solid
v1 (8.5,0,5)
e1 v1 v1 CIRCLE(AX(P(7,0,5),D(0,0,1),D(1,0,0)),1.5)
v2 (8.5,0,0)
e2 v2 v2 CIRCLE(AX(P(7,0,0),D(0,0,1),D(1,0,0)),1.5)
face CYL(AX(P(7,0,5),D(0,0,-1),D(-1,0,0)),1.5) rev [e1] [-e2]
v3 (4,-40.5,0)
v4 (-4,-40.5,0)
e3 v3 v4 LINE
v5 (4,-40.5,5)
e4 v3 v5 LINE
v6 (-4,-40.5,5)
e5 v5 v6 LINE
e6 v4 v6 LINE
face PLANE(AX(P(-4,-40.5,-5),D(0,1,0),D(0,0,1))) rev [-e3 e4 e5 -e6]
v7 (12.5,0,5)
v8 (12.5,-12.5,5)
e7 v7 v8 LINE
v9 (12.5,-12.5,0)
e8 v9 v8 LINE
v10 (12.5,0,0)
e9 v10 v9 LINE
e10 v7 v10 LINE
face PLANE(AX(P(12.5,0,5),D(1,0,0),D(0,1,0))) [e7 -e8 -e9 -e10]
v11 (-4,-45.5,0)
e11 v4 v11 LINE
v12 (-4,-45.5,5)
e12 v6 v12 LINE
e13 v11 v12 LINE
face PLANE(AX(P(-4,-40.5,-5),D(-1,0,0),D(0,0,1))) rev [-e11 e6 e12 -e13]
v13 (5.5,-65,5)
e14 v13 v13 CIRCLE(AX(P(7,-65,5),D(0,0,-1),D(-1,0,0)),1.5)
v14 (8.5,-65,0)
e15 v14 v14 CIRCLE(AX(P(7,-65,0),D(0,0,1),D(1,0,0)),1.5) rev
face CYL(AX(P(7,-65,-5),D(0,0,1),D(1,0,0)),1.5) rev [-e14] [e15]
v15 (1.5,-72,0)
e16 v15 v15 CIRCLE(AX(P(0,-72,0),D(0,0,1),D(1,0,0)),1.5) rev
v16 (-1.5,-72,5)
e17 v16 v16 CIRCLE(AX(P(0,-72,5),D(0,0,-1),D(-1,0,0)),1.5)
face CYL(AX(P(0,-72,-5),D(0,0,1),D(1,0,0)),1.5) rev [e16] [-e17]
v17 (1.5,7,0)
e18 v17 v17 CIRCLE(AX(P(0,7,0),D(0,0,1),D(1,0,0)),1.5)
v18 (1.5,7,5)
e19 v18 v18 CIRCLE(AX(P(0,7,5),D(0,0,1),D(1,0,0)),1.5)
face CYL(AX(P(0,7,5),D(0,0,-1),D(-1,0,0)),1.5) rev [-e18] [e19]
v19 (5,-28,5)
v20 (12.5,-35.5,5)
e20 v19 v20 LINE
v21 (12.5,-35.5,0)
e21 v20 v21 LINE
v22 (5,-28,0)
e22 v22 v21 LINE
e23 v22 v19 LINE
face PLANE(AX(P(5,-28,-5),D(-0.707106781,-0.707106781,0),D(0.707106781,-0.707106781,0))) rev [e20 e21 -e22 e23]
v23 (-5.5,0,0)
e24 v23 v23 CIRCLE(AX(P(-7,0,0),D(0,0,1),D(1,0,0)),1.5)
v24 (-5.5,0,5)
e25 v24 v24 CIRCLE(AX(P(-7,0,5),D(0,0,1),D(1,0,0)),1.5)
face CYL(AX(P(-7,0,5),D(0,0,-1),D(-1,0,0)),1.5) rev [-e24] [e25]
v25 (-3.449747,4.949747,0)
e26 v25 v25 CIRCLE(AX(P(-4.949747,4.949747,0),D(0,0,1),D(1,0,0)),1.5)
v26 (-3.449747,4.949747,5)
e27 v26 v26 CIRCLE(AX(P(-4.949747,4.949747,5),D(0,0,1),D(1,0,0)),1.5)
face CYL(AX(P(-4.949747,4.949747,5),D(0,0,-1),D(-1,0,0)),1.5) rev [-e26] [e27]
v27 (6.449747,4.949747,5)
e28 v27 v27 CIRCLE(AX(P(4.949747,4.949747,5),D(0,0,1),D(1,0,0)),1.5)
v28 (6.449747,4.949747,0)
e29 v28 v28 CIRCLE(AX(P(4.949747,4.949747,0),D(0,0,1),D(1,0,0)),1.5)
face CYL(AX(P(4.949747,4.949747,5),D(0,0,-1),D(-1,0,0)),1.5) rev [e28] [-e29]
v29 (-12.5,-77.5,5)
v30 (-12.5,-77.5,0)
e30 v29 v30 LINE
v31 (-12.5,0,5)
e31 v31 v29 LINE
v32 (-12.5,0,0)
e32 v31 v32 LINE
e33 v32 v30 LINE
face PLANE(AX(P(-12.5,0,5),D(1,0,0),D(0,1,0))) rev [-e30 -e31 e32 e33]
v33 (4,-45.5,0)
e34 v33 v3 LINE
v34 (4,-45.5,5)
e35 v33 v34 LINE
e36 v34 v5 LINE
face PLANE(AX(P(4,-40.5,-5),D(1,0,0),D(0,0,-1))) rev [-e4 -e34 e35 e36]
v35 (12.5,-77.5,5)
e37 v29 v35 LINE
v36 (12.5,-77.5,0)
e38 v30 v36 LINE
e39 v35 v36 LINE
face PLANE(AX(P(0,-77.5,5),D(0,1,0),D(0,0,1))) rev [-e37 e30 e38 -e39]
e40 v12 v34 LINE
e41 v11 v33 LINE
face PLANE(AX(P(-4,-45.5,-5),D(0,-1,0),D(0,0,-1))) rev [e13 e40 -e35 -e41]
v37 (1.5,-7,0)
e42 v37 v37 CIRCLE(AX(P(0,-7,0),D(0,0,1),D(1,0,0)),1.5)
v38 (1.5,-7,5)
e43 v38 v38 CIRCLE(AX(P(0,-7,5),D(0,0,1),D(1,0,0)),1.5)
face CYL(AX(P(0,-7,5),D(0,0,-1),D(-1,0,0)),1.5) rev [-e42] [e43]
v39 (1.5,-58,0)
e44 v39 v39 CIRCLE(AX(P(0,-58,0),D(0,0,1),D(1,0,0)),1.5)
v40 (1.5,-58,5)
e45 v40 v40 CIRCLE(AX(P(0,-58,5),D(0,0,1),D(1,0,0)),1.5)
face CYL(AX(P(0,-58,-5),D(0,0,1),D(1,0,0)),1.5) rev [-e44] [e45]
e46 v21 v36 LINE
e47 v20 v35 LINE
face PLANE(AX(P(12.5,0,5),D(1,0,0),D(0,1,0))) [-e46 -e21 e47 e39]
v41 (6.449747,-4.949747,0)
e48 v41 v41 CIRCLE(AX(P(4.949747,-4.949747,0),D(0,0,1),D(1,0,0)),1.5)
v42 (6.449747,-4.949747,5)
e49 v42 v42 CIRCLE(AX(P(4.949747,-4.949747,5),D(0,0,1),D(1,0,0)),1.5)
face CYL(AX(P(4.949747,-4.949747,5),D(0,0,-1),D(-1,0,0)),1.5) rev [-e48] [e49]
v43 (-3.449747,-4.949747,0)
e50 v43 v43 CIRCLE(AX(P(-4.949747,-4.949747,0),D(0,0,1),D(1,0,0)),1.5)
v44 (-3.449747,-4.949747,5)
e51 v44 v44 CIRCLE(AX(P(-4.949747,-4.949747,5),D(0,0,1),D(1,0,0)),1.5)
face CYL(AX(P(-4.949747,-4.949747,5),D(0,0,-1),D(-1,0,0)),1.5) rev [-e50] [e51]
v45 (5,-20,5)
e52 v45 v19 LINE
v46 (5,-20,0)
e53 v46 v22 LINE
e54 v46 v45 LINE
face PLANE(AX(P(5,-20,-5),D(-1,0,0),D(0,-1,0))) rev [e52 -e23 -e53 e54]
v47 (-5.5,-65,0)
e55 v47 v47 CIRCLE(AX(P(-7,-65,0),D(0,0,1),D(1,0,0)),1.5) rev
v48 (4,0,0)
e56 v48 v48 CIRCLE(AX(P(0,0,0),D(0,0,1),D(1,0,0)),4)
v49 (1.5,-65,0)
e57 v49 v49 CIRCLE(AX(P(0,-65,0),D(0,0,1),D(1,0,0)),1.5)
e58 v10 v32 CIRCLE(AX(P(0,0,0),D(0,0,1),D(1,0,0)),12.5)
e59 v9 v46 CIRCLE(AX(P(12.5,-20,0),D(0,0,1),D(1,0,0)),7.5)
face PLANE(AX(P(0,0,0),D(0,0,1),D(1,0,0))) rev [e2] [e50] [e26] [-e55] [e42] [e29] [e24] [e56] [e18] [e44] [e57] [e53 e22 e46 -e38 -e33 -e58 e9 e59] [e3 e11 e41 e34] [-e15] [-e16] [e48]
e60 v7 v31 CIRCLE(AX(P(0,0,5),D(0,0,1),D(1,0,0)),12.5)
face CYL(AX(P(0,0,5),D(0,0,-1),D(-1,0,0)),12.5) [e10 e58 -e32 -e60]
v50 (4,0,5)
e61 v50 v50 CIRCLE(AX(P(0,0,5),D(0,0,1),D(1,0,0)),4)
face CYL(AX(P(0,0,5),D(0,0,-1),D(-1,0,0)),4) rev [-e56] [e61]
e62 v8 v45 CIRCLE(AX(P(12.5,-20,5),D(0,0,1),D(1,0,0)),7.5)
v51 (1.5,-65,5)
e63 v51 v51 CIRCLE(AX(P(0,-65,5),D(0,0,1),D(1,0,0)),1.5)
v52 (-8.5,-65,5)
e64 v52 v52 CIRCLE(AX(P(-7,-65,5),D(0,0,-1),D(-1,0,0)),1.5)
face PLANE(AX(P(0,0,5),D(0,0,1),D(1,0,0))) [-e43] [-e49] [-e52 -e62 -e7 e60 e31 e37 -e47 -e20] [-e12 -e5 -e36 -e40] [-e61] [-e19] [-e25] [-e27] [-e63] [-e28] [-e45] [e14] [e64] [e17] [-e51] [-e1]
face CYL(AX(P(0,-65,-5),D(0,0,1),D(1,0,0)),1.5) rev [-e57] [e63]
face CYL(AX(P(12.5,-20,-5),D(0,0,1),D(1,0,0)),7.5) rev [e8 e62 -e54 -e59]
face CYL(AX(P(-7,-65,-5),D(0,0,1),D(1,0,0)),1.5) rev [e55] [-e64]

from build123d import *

# Parameters (mm, degrees)
SKETCH1_R           = 4
SKETCH1_R_2         = 1.5
BOSS_EXTRUDE1_DEPTH = 5
SKETCH2_W           = 8
SKETCH2_H           = 5
CUT_EXTRUDE1_DEPTH  = 10
SKETCH3_R           = 1.5
CUT_EXTRUDE2_DEPTH  = 10
CUT_EXTRUDE3_DEPTH  = 10


with BuildPart() as part:
    # Sketch1 → Boss-Extrude1 (new body)
    with BuildSketch(Plane.XY):
        with BuildLine():
            Line((-12.5, 0), (-12.5, -77.5))
            Line((-12.5, -77.5), (12.5, -77.5))
            Line((12.5, -77.5), (12.5, 0))
            ThreePointArc((12.5, 0), (0, 12.5), (-12.5, 0))
        make_face()
        Circle(SKETCH1_R, mode=Mode.SUBTRACT)
        with Locations((0, 7)):
            Circle(SKETCH1_R_2, mode=Mode.SUBTRACT)
        with Locations((4.949747468, 4.949747468)):
            Circle(SKETCH1_R_2, mode=Mode.SUBTRACT)
        with Locations((7, 0)):
            Circle(SKETCH1_R_2, mode=Mode.SUBTRACT)
        with Locations((4.949747468, -4.949747468)):
            Circle(SKETCH1_R_2, mode=Mode.SUBTRACT)
        with Locations((0, -7)):
            Circle(SKETCH1_R_2, mode=Mode.SUBTRACT)
        with Locations((-4.949747468, -4.949747468)):
            Circle(SKETCH1_R_2, mode=Mode.SUBTRACT)
        with Locations((-7, 0)):
            Circle(SKETCH1_R_2, mode=Mode.SUBTRACT)
        with Locations((-4.949747468, 4.949747468)):
            Circle(SKETCH1_R_2, mode=Mode.SUBTRACT)
    extrude(amount=BOSS_EXTRUDE1_DEPTH)

    # Sketch2 → Cut-Extrude1 (cut)
    with BuildSketch(Plane.XY.offset(5)):
        with Locations((0, -43)):
            Rectangle(SKETCH2_W, SKETCH2_H)
    extrude(amount=-CUT_EXTRUDE1_DEPTH, mode=Mode.SUBTRACT)

    # Sketch3 → Cut-Extrude2 (cut)
    with BuildSketch(Plane.XY.offset(5)):
        with Locations((0, -65)):
            Circle(SKETCH3_R)
        with Locations((0, -58)):
            Circle(SKETCH3_R)
        with Locations((-7, -65)):
            Circle(SKETCH3_R)
        with Locations((7, -65)):
            Circle(SKETCH3_R)
        with Locations((0, -72)):
            Circle(SKETCH3_R)
    extrude(amount=-CUT_EXTRUDE2_DEPTH, mode=Mode.SUBTRACT)

    # Sketch4 → Cut-Extrude3 (cut)
    with BuildSketch(Plane.XY.offset(5)):
        with BuildLine():
            Line((5, -20), (5, -28))
            Line((5, -28), (12.5, -35.5))
            Line((12.5, -35.5), (12.5, -27.5))
            ThreePointArc((12.5, -27.5), (17.803300859, -14.696699141), (5, -20))
        make_face()
    extrude(amount=-CUT_EXTRUDE3_DEPTH, mode=Mode.SUBTRACT)


solid = part.part
